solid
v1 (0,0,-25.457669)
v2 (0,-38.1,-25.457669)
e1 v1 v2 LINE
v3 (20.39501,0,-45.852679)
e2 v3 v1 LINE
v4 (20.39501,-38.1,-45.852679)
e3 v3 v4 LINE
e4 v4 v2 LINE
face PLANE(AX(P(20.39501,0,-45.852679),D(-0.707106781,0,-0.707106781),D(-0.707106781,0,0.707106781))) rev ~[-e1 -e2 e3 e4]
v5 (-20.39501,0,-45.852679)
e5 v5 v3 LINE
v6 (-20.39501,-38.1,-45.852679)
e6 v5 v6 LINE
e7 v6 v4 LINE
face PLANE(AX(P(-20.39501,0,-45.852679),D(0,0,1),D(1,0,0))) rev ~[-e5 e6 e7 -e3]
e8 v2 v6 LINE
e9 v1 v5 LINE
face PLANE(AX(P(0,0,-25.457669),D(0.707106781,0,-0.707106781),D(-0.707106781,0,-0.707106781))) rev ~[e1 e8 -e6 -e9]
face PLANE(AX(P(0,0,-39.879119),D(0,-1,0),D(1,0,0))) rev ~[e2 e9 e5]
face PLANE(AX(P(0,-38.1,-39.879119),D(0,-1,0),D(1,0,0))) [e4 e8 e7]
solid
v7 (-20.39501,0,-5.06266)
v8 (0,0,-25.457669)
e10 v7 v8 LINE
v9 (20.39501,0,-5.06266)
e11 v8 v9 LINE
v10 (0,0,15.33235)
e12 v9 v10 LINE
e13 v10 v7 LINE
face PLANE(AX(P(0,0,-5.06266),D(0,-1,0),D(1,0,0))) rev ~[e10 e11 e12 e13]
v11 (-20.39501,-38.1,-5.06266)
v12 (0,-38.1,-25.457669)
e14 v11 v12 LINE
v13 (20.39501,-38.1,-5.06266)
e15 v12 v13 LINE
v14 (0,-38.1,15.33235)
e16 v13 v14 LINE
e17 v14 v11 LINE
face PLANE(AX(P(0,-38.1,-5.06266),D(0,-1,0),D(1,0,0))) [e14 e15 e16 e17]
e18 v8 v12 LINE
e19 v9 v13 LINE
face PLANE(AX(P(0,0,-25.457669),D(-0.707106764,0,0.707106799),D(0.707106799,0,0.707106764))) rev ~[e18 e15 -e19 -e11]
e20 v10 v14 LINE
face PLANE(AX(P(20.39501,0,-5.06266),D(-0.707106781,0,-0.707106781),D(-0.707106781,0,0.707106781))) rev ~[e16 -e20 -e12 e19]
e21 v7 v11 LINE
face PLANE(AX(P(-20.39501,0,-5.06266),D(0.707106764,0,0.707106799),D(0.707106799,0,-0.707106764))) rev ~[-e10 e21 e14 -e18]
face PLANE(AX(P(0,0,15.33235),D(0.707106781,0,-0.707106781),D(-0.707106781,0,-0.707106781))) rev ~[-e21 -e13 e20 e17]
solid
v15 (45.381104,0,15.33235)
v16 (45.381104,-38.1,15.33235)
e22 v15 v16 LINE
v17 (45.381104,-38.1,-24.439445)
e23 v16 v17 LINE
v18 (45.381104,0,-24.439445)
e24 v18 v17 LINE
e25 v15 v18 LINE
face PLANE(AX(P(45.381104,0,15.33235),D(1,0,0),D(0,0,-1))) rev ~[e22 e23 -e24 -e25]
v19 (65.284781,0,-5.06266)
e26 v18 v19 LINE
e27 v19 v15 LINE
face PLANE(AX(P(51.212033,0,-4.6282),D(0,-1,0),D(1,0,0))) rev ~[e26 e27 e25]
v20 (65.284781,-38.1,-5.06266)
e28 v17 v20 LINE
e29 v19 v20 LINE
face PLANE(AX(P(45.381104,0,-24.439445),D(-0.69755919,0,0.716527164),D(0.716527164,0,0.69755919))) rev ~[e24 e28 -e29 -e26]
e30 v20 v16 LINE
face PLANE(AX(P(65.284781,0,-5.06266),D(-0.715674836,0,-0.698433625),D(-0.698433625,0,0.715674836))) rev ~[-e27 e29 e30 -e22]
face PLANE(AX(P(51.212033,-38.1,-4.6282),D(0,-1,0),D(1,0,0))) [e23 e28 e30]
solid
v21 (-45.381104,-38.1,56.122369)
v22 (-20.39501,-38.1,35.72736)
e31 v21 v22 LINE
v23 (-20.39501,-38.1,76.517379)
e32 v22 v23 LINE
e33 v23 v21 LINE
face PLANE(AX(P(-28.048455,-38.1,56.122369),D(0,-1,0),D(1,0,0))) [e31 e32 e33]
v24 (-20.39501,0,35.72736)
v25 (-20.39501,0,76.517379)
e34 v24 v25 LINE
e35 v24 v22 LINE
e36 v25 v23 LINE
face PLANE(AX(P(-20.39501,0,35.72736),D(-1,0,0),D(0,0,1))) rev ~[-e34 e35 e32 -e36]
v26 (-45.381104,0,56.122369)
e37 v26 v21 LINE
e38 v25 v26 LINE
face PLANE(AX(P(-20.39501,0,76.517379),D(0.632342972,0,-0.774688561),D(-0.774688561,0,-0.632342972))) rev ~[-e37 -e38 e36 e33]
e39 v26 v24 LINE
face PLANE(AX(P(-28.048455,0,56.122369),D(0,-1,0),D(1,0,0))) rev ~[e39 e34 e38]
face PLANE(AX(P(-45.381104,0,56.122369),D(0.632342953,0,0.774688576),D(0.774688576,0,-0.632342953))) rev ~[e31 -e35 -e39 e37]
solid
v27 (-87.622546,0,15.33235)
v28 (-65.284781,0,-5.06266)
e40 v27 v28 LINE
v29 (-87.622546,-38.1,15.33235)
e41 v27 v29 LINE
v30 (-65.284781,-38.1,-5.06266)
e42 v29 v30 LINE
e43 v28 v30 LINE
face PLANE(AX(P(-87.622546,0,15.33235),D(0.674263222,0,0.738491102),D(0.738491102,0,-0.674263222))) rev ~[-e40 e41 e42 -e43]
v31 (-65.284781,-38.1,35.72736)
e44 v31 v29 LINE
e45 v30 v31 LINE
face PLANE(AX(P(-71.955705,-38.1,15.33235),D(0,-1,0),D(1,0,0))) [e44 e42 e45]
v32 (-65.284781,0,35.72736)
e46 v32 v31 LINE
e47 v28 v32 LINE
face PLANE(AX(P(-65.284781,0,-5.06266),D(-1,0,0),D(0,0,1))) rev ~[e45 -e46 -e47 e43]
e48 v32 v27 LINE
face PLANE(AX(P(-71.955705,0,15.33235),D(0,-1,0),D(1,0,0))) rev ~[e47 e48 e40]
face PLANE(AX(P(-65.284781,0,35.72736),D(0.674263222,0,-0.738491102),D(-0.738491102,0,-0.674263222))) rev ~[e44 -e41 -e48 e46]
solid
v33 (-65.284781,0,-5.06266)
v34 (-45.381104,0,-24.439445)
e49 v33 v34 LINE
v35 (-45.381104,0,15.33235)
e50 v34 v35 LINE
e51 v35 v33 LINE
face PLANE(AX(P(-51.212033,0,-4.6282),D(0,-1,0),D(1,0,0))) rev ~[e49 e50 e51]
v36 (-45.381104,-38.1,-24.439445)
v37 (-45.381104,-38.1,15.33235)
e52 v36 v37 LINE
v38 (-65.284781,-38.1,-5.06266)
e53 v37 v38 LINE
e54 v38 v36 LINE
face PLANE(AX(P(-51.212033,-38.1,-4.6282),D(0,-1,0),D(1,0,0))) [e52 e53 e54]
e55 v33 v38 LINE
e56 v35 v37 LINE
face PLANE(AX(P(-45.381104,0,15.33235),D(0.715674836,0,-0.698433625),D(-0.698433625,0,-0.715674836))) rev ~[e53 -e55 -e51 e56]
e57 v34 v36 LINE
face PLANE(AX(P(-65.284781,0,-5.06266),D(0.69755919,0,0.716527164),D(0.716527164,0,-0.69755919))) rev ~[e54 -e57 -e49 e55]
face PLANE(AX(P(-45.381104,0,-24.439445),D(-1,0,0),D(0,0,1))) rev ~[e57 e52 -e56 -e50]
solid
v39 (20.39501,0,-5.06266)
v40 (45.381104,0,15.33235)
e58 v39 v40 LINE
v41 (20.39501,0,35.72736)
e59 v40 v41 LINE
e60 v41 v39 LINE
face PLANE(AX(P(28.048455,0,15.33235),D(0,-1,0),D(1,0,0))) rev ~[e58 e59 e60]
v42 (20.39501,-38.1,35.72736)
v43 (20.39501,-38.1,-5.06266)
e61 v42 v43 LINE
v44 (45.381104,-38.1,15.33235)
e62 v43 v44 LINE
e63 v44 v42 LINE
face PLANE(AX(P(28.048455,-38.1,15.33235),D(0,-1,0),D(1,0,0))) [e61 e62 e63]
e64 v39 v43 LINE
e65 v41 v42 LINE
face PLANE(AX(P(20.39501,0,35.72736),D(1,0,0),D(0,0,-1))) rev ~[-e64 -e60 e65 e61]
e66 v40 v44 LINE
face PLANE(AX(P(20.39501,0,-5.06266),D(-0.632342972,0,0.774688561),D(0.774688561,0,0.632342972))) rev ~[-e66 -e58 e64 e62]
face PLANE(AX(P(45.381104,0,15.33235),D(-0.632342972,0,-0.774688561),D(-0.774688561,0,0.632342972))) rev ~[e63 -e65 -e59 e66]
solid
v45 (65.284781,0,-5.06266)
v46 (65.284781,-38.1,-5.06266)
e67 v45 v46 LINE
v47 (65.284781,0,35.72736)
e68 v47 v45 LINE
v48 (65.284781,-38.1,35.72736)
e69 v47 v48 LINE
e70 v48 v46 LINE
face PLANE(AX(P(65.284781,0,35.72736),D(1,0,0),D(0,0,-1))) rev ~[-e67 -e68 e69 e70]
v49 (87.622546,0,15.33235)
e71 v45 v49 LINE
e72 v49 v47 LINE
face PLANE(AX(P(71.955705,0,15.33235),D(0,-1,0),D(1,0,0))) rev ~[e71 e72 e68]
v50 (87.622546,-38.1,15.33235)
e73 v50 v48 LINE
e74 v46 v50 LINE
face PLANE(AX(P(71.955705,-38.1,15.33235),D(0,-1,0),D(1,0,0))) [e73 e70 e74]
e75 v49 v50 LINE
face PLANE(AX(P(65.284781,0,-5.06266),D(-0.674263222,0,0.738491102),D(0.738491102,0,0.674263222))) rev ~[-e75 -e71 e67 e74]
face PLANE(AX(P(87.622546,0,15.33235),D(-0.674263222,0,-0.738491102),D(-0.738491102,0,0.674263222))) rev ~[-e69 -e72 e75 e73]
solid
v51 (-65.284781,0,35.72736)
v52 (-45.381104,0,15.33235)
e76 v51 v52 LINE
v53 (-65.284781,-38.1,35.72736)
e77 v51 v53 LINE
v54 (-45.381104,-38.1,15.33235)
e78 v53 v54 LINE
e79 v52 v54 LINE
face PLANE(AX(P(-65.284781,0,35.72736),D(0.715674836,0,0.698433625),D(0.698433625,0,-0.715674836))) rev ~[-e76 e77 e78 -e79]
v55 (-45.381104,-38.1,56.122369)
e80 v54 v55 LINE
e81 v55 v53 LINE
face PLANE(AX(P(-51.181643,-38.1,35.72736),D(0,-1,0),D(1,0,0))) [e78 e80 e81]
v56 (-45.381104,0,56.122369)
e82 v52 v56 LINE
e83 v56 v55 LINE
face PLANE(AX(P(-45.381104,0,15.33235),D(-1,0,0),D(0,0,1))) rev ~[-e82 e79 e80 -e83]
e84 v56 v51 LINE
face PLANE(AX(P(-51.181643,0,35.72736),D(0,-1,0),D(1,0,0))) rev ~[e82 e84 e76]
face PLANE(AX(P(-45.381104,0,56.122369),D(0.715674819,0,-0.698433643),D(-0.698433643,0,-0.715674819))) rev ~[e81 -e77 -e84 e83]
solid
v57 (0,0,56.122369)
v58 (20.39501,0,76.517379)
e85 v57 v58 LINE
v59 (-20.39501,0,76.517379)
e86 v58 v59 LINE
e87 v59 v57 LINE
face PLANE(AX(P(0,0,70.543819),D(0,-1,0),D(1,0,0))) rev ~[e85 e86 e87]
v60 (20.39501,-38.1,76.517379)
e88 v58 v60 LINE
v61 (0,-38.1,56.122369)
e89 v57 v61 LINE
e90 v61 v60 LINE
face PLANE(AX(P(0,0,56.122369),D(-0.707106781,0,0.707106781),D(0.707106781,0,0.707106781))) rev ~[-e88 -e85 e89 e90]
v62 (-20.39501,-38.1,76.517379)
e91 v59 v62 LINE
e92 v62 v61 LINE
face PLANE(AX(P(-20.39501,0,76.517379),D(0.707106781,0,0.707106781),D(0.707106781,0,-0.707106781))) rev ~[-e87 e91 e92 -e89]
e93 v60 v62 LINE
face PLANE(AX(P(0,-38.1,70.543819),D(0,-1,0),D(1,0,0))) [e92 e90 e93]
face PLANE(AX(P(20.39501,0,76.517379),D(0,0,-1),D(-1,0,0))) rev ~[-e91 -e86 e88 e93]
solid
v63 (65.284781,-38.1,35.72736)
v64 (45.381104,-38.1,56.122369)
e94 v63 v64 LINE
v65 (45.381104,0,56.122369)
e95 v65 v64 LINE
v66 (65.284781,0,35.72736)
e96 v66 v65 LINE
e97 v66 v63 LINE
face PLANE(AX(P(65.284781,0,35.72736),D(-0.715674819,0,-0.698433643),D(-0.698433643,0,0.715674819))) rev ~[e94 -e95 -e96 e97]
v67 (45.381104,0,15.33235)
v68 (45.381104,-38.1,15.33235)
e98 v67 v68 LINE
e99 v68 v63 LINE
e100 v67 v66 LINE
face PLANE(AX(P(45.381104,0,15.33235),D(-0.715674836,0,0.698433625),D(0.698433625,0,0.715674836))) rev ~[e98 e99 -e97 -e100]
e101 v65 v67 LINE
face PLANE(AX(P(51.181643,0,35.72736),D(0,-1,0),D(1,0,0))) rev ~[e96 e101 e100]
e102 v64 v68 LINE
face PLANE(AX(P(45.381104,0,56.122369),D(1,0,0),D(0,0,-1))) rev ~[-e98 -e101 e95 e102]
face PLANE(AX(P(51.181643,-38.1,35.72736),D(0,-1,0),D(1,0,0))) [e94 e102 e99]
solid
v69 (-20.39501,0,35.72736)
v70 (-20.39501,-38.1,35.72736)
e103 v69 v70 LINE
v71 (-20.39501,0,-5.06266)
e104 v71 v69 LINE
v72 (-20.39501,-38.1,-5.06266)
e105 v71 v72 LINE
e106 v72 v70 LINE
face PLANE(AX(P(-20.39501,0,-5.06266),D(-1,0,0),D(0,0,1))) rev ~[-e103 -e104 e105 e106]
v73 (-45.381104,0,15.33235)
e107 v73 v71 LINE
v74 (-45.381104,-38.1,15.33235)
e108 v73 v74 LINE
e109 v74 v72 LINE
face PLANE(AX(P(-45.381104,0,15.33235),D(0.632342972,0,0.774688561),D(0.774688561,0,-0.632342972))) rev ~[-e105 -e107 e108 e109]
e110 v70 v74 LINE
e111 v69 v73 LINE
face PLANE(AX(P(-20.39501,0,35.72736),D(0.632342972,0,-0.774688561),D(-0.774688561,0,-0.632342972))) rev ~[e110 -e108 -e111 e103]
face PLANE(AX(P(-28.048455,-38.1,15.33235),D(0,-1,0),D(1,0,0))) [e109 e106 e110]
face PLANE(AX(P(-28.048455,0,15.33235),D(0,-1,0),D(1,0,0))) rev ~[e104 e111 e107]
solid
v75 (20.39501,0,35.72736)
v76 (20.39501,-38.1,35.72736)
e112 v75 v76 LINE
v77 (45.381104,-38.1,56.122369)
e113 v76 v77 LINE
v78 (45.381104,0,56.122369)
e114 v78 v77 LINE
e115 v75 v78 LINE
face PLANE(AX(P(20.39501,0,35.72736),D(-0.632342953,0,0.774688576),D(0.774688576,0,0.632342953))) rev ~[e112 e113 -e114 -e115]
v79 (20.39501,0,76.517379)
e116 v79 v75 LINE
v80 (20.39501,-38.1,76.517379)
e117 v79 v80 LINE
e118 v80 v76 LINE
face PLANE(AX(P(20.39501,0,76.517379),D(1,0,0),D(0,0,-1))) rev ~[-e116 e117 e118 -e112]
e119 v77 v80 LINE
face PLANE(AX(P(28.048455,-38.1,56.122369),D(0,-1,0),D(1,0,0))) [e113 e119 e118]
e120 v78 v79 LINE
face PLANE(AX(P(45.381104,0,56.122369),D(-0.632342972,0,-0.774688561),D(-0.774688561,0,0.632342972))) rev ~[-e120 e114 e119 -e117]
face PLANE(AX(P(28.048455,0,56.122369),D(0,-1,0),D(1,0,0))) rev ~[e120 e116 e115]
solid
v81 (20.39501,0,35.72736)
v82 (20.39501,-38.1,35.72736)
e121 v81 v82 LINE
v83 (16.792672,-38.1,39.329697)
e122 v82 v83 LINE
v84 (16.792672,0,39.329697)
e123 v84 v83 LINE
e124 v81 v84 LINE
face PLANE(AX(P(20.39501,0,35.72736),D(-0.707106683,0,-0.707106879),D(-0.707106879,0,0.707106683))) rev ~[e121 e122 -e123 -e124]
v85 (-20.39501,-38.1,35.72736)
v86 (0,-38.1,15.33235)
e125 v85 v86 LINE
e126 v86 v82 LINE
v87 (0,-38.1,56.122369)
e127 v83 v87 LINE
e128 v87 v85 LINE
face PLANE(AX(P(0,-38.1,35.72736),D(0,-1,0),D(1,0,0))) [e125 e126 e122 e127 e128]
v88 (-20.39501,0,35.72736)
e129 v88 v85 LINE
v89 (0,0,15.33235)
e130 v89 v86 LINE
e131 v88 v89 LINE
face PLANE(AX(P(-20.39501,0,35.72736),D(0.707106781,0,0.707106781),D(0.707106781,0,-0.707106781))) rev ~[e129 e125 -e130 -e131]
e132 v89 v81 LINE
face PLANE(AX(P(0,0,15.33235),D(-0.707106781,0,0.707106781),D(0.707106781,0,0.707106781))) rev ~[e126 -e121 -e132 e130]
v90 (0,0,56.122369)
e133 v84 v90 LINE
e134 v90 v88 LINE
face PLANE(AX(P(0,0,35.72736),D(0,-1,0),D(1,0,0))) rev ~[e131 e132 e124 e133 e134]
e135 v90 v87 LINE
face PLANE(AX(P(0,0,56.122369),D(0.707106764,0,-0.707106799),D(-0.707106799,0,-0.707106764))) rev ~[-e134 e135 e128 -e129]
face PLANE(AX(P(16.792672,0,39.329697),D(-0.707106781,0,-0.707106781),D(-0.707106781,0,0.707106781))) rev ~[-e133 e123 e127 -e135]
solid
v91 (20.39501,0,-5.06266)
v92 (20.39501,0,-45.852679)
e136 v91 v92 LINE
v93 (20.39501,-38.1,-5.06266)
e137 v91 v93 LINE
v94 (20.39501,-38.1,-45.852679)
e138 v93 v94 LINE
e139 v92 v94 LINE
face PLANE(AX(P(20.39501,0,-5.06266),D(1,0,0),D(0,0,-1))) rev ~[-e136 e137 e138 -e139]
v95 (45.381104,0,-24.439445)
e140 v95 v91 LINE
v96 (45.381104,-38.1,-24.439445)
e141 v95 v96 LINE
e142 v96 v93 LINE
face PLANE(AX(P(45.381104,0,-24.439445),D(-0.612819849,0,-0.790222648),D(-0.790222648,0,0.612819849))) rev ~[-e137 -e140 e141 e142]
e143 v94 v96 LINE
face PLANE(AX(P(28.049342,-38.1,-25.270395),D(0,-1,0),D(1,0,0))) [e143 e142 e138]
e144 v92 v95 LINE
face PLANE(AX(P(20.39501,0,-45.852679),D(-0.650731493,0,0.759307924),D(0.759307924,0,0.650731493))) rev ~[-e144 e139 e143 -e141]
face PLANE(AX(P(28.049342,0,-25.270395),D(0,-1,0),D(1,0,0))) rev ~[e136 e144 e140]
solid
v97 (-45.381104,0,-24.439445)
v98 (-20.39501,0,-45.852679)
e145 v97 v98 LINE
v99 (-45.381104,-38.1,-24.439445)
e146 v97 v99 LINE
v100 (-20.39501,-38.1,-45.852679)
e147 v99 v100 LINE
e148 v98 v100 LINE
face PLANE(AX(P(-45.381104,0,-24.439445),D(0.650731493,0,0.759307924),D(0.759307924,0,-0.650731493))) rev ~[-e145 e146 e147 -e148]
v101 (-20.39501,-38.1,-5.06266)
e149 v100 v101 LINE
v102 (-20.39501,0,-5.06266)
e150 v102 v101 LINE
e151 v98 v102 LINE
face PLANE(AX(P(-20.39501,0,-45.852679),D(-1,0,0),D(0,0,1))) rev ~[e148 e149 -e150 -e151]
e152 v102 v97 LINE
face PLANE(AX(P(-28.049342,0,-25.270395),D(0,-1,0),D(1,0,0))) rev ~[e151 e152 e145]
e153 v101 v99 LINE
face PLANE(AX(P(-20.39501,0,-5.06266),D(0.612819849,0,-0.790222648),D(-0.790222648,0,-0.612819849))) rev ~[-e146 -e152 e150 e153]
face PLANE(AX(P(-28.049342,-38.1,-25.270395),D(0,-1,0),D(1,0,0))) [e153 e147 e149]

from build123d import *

# Parameters (mm, degrees)
F1_DEPTH = 38.1


with BuildPart() as f1:
    # F0 (on Front) → F1 (new body)
    with BuildSketch(Plane.XZ):
        Polygon((-65.284781, -5.06266), (-65.284781, 35.72736), (-87.622546, 15.33235), align=None)
        Polygon((-45.381104, 15.33235), (-45.381104, 56.122369), (-65.284781, 35.72736), align=None)
        Polygon((-45.381104, -24.439445), (-45.381104, 15.33235), (-65.284781, -5.06266), align=None)
        Polygon((-20.39501, -45.852679), (-20.39501, -5.06266), (-45.381104, -24.439445), align=None)
        Polygon((-20.39501, -5.06266), (-20.39501, 35.72736), (-45.381104, 15.33235), align=None)
        Polygon((-20.39501, 35.72736), (-20.39501, 76.517379), (-45.381104, 56.122369), align=None)
        Polygon((20.39501, 76.517379), (-20.39501, 76.517379), (-3.602338, 59.724707), (0, 56.122369), align=None)
        Polygon((0, 56.122369), (-20.39501, 35.72736), (0, 15.33235), (20.39501, 35.72736), (16.792672, 39.329697), align=None)
        Polygon((15.33235, 0), (0, 15.33235), (-20.39501, -5.06266), (0, -25.457669), (20.39501, -5.06266), align=None)
        Polygon((20.39501, -45.852679), (0, -25.457669), (-20.39501, -45.852679), align=None)
        Polygon((45.381104, -24.439445), (20.39501, -5.06266), (20.39501, -45.852679), align=None)
        Polygon((45.381104, 15.33235), (20.39501, 35.72736), (20.39501, -5.06266), align=None)
        Polygon((45.381104, 56.122369), (20.39501, 76.517379), (20.39501, 35.72736), align=None)
        Polygon((65.284781, 35.72736), (45.381104, 56.122369), (45.381104, 15.33235), align=None)
        Polygon((65.284781, -5.06266), (45.381104, 15.33235), (45.381104, -24.439445), align=None)
        Polygon((87.622546, 15.33235), (65.284781, 35.72736), (65.284781, -5.06266), align=None)
    extrude(amount=F1_DEPTH)


solid = f1.part
